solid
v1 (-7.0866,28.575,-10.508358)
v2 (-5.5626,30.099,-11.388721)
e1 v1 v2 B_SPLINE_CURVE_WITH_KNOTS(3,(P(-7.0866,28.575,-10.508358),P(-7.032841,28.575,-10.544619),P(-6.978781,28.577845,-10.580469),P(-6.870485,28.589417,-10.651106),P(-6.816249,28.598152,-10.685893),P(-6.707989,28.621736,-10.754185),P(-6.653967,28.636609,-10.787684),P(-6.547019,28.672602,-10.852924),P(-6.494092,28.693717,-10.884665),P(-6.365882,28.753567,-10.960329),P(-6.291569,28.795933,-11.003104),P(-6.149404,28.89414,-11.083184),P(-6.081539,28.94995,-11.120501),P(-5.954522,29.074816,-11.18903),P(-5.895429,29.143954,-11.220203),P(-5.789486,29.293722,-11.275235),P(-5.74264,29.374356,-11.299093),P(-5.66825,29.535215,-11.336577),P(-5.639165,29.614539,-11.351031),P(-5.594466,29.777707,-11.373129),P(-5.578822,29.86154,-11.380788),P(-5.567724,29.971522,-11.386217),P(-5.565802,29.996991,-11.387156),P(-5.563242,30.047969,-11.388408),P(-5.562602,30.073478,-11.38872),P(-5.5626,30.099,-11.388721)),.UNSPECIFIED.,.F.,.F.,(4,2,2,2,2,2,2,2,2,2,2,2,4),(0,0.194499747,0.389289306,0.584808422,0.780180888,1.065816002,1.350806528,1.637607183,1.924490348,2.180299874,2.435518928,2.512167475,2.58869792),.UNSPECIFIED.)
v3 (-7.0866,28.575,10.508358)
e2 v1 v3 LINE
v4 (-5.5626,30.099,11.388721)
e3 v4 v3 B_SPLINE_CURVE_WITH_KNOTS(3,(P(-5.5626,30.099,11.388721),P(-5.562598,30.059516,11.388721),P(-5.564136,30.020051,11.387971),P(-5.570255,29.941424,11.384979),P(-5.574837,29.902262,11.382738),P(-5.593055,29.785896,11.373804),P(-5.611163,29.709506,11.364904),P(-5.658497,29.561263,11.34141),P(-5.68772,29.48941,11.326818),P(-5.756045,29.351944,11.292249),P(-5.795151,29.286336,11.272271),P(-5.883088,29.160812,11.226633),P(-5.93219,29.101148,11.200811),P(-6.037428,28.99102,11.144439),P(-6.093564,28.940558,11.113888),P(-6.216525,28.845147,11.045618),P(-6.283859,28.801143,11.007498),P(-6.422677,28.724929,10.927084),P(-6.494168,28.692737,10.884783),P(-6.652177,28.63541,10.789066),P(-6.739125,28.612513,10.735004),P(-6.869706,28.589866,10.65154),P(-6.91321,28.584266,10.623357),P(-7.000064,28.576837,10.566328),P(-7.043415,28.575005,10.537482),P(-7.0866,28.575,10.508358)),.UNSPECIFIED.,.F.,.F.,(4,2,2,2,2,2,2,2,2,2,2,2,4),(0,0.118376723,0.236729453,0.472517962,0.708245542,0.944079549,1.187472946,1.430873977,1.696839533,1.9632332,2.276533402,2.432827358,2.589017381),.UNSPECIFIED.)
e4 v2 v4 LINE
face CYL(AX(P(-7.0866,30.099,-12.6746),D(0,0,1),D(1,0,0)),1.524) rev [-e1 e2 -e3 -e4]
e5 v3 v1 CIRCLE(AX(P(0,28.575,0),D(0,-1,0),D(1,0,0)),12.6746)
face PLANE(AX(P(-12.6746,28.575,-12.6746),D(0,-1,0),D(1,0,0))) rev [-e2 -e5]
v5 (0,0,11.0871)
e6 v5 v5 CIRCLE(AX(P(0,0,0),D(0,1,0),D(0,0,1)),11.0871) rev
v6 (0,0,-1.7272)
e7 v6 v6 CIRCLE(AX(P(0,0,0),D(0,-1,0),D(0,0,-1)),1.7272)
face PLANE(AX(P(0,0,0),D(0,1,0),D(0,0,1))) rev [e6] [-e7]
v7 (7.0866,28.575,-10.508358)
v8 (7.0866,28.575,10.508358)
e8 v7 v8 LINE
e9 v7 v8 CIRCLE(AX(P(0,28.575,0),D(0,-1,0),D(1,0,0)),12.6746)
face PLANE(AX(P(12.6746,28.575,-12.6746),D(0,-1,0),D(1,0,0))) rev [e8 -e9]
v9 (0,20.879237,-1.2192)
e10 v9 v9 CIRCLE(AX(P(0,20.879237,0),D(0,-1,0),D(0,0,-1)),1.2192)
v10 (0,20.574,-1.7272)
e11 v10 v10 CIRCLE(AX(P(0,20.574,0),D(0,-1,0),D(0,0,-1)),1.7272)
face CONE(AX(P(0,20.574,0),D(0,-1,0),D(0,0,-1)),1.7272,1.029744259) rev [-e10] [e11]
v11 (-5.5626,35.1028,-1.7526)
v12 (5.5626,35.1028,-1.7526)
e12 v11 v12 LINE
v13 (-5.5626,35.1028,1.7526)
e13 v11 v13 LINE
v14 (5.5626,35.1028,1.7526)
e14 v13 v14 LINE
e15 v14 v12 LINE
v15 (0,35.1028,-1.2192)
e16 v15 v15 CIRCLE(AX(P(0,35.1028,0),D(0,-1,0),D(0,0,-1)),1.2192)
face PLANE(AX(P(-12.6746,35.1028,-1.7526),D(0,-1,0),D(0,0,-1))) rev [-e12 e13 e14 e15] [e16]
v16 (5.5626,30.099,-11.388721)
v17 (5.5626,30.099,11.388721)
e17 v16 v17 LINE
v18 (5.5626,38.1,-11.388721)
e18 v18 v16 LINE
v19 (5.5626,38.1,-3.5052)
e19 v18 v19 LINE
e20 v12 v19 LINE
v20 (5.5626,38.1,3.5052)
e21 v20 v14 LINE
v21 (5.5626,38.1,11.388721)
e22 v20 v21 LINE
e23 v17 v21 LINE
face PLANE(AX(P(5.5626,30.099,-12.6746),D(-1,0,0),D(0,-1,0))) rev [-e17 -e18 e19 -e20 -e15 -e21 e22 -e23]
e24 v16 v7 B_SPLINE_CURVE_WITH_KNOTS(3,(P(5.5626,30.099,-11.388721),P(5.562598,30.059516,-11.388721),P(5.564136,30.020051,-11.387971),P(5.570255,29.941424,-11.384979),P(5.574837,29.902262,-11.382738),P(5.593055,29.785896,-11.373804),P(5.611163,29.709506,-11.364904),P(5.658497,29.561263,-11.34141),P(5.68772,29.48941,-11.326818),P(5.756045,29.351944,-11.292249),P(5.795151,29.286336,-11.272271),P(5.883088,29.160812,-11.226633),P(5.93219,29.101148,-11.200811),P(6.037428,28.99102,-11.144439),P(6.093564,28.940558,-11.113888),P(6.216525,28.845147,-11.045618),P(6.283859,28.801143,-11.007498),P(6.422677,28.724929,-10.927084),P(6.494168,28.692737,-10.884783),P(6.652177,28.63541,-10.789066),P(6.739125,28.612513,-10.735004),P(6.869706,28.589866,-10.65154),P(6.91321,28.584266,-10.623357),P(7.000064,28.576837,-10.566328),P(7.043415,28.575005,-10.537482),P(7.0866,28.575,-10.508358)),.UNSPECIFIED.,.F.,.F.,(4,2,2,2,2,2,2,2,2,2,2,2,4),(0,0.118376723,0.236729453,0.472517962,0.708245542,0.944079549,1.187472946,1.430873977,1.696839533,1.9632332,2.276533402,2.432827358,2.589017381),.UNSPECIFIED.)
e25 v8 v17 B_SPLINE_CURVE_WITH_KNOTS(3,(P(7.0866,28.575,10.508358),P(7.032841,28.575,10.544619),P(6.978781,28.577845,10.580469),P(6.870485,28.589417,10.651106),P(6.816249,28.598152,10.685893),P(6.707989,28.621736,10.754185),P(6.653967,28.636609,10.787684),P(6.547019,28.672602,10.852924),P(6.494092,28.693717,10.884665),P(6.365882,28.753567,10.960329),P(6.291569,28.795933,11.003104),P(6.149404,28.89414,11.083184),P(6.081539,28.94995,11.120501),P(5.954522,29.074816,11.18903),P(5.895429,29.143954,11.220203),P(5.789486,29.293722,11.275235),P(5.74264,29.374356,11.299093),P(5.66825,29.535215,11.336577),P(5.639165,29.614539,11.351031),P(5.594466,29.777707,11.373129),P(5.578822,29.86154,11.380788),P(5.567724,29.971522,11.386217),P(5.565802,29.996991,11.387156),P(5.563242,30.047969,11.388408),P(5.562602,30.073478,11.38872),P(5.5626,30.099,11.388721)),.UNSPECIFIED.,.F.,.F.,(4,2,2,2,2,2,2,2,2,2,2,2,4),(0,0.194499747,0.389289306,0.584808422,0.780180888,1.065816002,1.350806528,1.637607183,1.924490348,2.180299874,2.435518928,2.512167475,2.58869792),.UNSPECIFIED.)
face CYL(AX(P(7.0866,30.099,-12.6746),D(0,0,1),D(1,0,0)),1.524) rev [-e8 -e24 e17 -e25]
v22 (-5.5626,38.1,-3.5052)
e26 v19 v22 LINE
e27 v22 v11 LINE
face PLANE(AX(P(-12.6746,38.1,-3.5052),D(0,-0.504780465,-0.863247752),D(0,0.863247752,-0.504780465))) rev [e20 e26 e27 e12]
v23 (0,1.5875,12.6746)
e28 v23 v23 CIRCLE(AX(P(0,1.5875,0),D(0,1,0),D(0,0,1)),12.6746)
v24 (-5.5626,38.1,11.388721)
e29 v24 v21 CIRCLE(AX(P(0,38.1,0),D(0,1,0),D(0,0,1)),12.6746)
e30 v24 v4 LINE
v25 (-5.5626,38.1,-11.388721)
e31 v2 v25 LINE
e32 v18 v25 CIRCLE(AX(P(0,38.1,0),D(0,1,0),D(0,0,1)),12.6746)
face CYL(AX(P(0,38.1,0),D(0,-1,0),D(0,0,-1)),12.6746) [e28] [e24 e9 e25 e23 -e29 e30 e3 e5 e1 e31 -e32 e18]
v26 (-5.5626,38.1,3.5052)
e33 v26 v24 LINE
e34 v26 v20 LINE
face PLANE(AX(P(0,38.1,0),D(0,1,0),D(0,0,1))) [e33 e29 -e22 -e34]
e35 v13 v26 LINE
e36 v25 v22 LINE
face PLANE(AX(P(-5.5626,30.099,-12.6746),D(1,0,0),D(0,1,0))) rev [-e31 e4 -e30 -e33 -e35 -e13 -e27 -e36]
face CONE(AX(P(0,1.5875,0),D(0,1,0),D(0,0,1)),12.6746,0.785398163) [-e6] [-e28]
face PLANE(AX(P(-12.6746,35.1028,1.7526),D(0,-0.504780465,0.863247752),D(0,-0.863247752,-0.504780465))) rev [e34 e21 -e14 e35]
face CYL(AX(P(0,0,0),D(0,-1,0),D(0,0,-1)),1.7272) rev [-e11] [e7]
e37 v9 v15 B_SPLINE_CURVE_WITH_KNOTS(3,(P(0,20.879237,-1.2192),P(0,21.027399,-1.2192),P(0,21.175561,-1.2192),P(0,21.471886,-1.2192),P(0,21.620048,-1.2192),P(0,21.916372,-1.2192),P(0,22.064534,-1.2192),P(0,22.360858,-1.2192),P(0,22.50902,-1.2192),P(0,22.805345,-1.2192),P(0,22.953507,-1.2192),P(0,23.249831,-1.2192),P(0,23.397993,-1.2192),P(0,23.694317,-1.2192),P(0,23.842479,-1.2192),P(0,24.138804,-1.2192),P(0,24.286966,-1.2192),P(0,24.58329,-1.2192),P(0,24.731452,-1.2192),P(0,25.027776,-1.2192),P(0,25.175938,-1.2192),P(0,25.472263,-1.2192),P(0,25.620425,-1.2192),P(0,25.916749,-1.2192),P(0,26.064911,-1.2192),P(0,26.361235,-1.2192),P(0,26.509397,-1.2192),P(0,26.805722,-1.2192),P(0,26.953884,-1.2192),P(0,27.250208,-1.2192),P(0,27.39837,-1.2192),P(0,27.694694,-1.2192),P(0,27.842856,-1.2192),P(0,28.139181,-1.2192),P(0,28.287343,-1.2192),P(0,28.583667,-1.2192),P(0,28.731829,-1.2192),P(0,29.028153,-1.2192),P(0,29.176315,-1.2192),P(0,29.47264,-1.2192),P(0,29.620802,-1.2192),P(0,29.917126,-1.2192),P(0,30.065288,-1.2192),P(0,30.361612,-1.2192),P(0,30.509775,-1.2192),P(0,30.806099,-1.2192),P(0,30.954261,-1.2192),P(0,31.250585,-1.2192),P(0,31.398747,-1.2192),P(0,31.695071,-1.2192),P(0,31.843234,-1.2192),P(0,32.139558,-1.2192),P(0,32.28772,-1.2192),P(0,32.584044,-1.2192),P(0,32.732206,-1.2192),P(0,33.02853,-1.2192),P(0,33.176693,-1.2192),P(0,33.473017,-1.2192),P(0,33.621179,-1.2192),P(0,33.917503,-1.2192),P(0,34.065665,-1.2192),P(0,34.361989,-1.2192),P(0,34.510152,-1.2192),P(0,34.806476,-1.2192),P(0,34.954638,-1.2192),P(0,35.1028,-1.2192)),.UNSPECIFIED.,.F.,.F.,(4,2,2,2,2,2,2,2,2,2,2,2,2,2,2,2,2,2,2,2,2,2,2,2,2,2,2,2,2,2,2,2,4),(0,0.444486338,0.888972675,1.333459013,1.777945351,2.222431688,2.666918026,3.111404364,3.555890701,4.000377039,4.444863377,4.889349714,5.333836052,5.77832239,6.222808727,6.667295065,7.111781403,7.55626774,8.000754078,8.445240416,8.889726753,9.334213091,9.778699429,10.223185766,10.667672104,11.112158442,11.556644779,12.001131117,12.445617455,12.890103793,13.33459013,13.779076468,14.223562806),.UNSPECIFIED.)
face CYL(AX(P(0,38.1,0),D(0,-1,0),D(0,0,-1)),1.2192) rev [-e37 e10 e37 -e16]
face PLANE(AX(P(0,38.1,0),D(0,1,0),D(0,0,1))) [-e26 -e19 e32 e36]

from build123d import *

# Parameters (mm, degrees)
CROQUIS1_R                  = 12.6746
SALIENTE_EXTRUIR1_DEPTH     = 38.1
CORTAR_EXTRUIR1_DEPTH       = 43.105830598
CORTAR_EXTRUIR1_DEPTH_BACK  = 43.105830598
CORTAR_EXTRUIR2_DEPTH       = 43.105830598
CORTAR_EXTRUIR2_DEPTH_BACK  = 43.105830598
CHAFL_N1_SIZE               = 1.5875
CROQUIS4_R                  = 1.2192
CORTAR_EXTRUIR3_DEPTH       = 43.105830748
TALADRO_ROSCADO_8_321_D     = 3.4544
TALADRO_ROSCADO_8_321_DEPTH = 20.574
TALADRO_ROSCADO_8_321_TIP   = 1.037806461


with BuildPart() as part:
    # Croquis1 → Saliente-Extruir1 (new body)
    with BuildSketch(Plane(origin=(0, 0, 0), x_dir=(1, 0, 0), z_dir=(0, 1, 0))):
        with Locations(Location((0, 0, 0), (0, 0, 90))):
            Circle(CROQUIS1_R)
    extrude(amount=SALIENTE_EXTRUIR1_DEPTH)

    # Croquis2 → Cortar-Extruir1 (cut, two sides: drawn at the far end of the back side and taken through both)
    with BuildSketch(Plane(origin=(0, 0, 0), x_dir=(0, 0, -1), z_dir=(1, 0, 0)).offset(-CORTAR_EXTRUIR1_DEPTH_BACK)):
        Polygon((-3.5052, 38.1), (3.5052, 38.1), (1.7526, 35.1028), (-1.7526, 35.1028), align=None)
    extrude(amount=CORTAR_EXTRUIR1_DEPTH + CORTAR_EXTRUIR1_DEPTH_BACK, mode=Mode.SUBTRACT)

    # Croquis3 → Cortar-Extruir2 (cut, two sides: drawn at the far end of the back side and taken through both)
    with BuildSketch(Plane.XY.offset(-CORTAR_EXTRUIR2_DEPTH_BACK)):
        with BuildLine():
            Line((-12.6746, 28.575), (-7.0866, 28.575))
            ThreePointArc((-7.0866, 28.575), (-6.008969265, 29.021369265), (-5.5626, 30.099))
            Line((-5.5626, 30.099), (-5.5626, 38.1))
            Line((-5.5626, 38.1), (-12.6746, 38.1))
            Line((-12.6746, 38.1), (-12.6746, 28.575))
        make_face()
        with BuildLine():
            Line((12.6746, 38.1), (12.6746, 28.575))
            Line((12.6746, 28.575), (7.0866, 28.575))
            ThreePointArc((7.0866, 28.575), (6.008969265, 29.021369265), (5.5626, 30.099))
            Line((5.5626, 30.099), (5.5626, 38.1))
            Line((5.5626, 38.1), (12.6746, 38.1))
        make_face()
    extrude(amount=CORTAR_EXTRUIR2_DEPTH + CORTAR_EXTRUIR2_DEPTH_BACK, mode=Mode.SUBTRACT)

    # Chaflán1
    chafl_n1_edges = [part.edges().sort_by_distance(p)[0] for p in [
        (0, 0, 12.6746),
    ]]
    chamfer(chafl_n1_edges, length=CHAFL_N1_SIZE)

    # Croquis4 → Cortar-Extruir3 (cut, through all)
    with BuildSketch(Plane.XZ):
        with Locations(Location((0, 0, 0), (0, 0, 270))):
            Circle(CROQUIS4_R)
    extrude(amount=-CORTAR_EXTRUIR3_DEPTH, mode=Mode.SUBTRACT)

    # Taladro roscado #8-321
    with Locations(Plane(origin=(0, 0, 0), x_dir=(-1, 0, 0), z_dir=(0, -1, 0))):
        with Locations((0, 0)):
            Hole(TALADRO_ROSCADO_8_321_D / 2, depth=TALADRO_ROSCADO_8_321_DEPTH)
            with Locations((0, 0, -(TALADRO_ROSCADO_8_321_DEPTH + TALADRO_ROSCADO_8_321_TIP / 2))):  # 118° drill point
                Cone(0, TALADRO_ROSCADO_8_321_D / 2, TALADRO_ROSCADO_8_321_TIP, mode=Mode.SUBTRACT)


solid = part.part
